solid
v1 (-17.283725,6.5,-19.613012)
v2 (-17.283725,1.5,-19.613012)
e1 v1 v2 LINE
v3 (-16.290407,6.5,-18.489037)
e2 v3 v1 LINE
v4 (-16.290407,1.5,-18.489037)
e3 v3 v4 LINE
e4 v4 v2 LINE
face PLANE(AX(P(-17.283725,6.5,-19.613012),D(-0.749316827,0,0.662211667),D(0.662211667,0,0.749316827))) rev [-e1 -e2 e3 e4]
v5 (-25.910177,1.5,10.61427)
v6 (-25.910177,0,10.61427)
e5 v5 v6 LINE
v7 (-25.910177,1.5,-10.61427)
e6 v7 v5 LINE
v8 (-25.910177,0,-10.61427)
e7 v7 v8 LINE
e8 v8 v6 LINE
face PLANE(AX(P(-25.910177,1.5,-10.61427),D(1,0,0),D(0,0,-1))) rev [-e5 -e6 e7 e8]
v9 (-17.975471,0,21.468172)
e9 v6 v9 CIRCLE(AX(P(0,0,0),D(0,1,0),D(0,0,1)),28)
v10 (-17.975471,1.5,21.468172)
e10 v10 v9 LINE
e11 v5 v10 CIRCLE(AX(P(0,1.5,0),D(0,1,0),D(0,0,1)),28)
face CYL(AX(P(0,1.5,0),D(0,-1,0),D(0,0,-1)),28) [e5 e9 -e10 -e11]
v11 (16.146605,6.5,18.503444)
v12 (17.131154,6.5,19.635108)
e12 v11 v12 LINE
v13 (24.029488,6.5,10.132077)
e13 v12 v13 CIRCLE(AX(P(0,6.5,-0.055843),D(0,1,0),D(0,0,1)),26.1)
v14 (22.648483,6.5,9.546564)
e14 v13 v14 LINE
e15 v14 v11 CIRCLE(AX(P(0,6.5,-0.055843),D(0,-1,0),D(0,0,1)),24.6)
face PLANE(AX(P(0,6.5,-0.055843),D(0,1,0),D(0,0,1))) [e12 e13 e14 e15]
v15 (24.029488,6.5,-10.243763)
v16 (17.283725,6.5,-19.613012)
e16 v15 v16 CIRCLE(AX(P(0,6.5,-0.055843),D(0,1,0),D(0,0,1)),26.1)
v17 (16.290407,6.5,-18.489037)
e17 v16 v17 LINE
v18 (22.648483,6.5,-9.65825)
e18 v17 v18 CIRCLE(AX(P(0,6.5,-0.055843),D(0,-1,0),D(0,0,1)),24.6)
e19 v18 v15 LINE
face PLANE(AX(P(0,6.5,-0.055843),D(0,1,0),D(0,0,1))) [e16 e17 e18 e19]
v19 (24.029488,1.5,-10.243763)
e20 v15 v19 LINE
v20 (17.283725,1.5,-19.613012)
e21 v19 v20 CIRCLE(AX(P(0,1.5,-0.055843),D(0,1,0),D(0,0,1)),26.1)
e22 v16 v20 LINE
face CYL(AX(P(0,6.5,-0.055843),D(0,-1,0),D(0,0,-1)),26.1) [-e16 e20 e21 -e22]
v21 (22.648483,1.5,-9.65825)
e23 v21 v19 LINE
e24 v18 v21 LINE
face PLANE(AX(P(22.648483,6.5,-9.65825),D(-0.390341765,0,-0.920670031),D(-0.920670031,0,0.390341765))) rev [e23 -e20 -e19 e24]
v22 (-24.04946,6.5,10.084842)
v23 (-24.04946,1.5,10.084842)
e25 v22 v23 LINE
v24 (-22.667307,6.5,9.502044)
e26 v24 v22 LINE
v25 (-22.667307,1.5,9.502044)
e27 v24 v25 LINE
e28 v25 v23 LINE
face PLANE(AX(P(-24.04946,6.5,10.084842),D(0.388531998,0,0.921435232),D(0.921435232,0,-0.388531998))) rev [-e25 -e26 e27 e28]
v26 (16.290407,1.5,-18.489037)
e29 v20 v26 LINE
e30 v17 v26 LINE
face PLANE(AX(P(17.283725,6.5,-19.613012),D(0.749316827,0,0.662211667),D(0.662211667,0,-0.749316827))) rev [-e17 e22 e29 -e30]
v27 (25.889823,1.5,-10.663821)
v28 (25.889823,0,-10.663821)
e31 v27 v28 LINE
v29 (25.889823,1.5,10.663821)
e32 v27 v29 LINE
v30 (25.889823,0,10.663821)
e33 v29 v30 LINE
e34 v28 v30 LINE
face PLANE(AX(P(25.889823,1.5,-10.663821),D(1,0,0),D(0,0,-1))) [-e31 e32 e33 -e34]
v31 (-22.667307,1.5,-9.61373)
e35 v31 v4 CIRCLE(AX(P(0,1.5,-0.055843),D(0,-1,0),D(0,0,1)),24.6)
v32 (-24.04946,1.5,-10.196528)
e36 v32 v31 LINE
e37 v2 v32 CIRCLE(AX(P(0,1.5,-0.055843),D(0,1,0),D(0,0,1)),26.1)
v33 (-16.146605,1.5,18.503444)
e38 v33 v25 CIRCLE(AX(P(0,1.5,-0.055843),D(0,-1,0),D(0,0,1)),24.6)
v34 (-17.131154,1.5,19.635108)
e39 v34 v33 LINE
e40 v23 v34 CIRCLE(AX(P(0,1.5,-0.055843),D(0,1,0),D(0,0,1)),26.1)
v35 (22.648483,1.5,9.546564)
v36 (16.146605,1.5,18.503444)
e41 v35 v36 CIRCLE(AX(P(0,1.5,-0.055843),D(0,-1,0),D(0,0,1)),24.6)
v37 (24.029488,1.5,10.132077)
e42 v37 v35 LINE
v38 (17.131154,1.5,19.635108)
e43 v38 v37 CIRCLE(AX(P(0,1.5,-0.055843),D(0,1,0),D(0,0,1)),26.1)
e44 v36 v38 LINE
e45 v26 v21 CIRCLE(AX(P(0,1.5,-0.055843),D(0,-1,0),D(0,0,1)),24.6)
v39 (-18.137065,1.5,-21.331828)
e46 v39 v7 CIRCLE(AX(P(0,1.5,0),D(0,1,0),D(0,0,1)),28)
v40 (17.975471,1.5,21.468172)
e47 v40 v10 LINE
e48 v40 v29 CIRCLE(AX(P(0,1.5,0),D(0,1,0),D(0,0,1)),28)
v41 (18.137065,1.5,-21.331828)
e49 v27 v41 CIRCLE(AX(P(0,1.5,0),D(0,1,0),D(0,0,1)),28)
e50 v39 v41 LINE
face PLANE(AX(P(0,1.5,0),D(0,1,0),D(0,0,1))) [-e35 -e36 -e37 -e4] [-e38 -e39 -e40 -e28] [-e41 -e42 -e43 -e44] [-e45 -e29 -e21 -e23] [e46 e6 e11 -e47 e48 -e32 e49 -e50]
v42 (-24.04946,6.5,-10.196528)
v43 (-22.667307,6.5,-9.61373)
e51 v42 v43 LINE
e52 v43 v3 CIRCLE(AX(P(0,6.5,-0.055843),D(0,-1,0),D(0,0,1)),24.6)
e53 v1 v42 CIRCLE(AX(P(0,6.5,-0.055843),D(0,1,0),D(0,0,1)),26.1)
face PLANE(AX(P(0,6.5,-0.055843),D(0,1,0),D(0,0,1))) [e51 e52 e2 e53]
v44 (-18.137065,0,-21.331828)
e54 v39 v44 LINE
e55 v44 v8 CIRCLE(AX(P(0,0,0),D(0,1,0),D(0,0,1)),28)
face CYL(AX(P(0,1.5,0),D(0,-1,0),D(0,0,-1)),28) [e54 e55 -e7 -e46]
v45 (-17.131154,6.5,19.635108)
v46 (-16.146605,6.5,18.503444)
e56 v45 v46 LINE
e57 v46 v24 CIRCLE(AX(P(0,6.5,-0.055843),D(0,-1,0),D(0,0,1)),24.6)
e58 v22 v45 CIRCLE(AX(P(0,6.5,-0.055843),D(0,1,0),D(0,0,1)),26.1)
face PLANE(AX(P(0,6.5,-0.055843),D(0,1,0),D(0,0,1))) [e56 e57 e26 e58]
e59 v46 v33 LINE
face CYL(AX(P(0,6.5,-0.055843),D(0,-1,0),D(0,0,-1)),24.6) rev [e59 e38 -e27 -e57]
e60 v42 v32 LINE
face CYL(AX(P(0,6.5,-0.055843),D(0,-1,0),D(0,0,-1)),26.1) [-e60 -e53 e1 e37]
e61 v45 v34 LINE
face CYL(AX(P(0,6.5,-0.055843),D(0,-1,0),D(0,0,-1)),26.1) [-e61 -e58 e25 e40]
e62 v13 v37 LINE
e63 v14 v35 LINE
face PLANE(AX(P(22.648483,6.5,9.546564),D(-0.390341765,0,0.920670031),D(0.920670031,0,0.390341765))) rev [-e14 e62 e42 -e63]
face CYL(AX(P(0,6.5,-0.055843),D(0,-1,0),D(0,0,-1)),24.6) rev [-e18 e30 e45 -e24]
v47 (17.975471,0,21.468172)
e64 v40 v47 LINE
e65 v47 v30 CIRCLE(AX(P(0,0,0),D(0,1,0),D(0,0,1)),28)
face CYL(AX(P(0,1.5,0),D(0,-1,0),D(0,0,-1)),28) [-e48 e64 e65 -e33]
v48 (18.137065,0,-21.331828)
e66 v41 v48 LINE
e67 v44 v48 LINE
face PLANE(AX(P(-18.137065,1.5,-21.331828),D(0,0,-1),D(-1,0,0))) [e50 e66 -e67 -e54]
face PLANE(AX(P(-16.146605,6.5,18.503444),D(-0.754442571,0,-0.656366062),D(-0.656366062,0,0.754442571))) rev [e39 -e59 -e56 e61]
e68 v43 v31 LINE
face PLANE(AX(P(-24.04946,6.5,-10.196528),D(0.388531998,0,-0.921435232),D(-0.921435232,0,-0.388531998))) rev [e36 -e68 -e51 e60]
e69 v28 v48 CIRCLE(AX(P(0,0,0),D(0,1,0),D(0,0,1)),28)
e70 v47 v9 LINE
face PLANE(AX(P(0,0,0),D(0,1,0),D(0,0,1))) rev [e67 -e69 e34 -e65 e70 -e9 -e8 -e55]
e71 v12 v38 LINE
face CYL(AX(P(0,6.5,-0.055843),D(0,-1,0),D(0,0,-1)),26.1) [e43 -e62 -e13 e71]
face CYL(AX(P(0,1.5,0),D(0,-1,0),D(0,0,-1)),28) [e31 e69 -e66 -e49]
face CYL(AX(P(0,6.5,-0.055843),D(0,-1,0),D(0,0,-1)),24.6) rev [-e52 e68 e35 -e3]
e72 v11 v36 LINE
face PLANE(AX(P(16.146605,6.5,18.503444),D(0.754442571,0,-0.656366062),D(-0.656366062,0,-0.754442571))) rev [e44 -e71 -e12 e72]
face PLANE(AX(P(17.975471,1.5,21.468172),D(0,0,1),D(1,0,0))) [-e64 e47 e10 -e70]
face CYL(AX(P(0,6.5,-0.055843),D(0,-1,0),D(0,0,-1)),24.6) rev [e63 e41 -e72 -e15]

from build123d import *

# Parameters (mm, degrees)
BOSS_EXTRUDE1_DEPTH = 1.5
BOSS_EXTRUDE2_DEPTH = 5


with BuildPart() as part:
    # Sketch1 → Boss-Extrude1 (new body)
    with BuildSketch(Plane(origin=(0, 0, 0), x_dir=(1, 0, 0), z_dir=(0, 1, 0))):
        with BuildLine():
            Line((-25.910177173, 10.614269588), (-25.910177173, -10.614269588))
            ThreePointArc((-25.910177173, -10.614269588), (-22.603967361, -16.524547181), (-17.975471458, -21.468172392))
            Line((-17.975471458, -21.468172392), (17.975471458, -21.468172392))
            ThreePointArc((17.975471458, -21.468172392), (22.588149859, -16.546162273), (25.889822827, -10.663820796))
            Line((25.889822827, -10.663820796), (25.889822827, 10.663820796))
            ThreePointArc((25.889822827, 10.663820796), (22.650459328, 16.460762201), (18.137065113, 21.331827608))
            Line((18.137065113, 21.331827608), (-18.137065113, 21.331827608))
            ThreePointArc((-18.137065113, 21.331827608), (-22.666195109, 16.439087544), (-25.910177173, 10.614269588))
        make_face()
    extrude(amount=BOSS_EXTRUDE1_DEPTH)

    # Sketch2 → Boss-Extrude2 (add)
    with BuildSketch(Plane(origin=(0, 1.5, 0), x_dir=(1, 0, 0), z_dir=(0, 1, 0))):
        with BuildLine():
            Line((-17.283724515, 19.613012201), (-16.290407014, 18.48903696))
            ThreePointArc((-16.290407014, 18.48903696), (-19.977953658, 14.409984138), (-22.667306708, 9.613730147))
            Line((-22.667306708, 9.613730147), (-24.049459557, 10.196528143))
            ThreePointArc((-24.049459557, 10.196528143), (-21.196121564, 15.285236646), (-17.283724515, 19.613012201))
        make_face()
        with BuildLine():
            Line((17.283724515, 19.613012201), (16.290407014, 18.48903696))
            ThreePointArc((16.290407014, 18.48903696), (19.963841864, 14.42960445), (22.648482765, 9.658250436))
            Line((22.648482765, 9.658250436), (24.029487812, 10.243763084))
            ThreePointArc((24.029487812, 10.243763084), (21.181149295, 15.306053319), (17.283724515, 19.613012201))
        make_face()
        with BuildLine():
            Line((22.648482765, -9.546564422), (24.029487812, -10.13207707))
            ThreePointArc((24.029487812, -10.13207707), (21.121707142, -15.276589528), (17.131154209, -19.635108099))
            Line((17.131154209, -19.635108099), (16.146605116, -18.503444243))
            ThreePointArc((16.146605116, -18.503444243), (19.907815927, -14.395415244), (22.648482765, -9.546564422))
        make_face()
        with BuildLine():
            Line((-24.049459557, -10.08484213), (-22.667306708, -9.502044133))
            ThreePointArc((-22.667306708, -9.502044133), (-19.922003884, -14.375849937), (-16.146605116, -18.503444243))
            Line((-16.146605116, -18.503444243), (-17.131154209, -19.635108099))
            ThreePointArc((-17.131154209, -19.635108099), (-21.136760219, -15.255831214), (-24.049459557, -10.08484213))
        make_face()
    extrude(amount=BOSS_EXTRUDE2_DEPTH)


solid = part.part
